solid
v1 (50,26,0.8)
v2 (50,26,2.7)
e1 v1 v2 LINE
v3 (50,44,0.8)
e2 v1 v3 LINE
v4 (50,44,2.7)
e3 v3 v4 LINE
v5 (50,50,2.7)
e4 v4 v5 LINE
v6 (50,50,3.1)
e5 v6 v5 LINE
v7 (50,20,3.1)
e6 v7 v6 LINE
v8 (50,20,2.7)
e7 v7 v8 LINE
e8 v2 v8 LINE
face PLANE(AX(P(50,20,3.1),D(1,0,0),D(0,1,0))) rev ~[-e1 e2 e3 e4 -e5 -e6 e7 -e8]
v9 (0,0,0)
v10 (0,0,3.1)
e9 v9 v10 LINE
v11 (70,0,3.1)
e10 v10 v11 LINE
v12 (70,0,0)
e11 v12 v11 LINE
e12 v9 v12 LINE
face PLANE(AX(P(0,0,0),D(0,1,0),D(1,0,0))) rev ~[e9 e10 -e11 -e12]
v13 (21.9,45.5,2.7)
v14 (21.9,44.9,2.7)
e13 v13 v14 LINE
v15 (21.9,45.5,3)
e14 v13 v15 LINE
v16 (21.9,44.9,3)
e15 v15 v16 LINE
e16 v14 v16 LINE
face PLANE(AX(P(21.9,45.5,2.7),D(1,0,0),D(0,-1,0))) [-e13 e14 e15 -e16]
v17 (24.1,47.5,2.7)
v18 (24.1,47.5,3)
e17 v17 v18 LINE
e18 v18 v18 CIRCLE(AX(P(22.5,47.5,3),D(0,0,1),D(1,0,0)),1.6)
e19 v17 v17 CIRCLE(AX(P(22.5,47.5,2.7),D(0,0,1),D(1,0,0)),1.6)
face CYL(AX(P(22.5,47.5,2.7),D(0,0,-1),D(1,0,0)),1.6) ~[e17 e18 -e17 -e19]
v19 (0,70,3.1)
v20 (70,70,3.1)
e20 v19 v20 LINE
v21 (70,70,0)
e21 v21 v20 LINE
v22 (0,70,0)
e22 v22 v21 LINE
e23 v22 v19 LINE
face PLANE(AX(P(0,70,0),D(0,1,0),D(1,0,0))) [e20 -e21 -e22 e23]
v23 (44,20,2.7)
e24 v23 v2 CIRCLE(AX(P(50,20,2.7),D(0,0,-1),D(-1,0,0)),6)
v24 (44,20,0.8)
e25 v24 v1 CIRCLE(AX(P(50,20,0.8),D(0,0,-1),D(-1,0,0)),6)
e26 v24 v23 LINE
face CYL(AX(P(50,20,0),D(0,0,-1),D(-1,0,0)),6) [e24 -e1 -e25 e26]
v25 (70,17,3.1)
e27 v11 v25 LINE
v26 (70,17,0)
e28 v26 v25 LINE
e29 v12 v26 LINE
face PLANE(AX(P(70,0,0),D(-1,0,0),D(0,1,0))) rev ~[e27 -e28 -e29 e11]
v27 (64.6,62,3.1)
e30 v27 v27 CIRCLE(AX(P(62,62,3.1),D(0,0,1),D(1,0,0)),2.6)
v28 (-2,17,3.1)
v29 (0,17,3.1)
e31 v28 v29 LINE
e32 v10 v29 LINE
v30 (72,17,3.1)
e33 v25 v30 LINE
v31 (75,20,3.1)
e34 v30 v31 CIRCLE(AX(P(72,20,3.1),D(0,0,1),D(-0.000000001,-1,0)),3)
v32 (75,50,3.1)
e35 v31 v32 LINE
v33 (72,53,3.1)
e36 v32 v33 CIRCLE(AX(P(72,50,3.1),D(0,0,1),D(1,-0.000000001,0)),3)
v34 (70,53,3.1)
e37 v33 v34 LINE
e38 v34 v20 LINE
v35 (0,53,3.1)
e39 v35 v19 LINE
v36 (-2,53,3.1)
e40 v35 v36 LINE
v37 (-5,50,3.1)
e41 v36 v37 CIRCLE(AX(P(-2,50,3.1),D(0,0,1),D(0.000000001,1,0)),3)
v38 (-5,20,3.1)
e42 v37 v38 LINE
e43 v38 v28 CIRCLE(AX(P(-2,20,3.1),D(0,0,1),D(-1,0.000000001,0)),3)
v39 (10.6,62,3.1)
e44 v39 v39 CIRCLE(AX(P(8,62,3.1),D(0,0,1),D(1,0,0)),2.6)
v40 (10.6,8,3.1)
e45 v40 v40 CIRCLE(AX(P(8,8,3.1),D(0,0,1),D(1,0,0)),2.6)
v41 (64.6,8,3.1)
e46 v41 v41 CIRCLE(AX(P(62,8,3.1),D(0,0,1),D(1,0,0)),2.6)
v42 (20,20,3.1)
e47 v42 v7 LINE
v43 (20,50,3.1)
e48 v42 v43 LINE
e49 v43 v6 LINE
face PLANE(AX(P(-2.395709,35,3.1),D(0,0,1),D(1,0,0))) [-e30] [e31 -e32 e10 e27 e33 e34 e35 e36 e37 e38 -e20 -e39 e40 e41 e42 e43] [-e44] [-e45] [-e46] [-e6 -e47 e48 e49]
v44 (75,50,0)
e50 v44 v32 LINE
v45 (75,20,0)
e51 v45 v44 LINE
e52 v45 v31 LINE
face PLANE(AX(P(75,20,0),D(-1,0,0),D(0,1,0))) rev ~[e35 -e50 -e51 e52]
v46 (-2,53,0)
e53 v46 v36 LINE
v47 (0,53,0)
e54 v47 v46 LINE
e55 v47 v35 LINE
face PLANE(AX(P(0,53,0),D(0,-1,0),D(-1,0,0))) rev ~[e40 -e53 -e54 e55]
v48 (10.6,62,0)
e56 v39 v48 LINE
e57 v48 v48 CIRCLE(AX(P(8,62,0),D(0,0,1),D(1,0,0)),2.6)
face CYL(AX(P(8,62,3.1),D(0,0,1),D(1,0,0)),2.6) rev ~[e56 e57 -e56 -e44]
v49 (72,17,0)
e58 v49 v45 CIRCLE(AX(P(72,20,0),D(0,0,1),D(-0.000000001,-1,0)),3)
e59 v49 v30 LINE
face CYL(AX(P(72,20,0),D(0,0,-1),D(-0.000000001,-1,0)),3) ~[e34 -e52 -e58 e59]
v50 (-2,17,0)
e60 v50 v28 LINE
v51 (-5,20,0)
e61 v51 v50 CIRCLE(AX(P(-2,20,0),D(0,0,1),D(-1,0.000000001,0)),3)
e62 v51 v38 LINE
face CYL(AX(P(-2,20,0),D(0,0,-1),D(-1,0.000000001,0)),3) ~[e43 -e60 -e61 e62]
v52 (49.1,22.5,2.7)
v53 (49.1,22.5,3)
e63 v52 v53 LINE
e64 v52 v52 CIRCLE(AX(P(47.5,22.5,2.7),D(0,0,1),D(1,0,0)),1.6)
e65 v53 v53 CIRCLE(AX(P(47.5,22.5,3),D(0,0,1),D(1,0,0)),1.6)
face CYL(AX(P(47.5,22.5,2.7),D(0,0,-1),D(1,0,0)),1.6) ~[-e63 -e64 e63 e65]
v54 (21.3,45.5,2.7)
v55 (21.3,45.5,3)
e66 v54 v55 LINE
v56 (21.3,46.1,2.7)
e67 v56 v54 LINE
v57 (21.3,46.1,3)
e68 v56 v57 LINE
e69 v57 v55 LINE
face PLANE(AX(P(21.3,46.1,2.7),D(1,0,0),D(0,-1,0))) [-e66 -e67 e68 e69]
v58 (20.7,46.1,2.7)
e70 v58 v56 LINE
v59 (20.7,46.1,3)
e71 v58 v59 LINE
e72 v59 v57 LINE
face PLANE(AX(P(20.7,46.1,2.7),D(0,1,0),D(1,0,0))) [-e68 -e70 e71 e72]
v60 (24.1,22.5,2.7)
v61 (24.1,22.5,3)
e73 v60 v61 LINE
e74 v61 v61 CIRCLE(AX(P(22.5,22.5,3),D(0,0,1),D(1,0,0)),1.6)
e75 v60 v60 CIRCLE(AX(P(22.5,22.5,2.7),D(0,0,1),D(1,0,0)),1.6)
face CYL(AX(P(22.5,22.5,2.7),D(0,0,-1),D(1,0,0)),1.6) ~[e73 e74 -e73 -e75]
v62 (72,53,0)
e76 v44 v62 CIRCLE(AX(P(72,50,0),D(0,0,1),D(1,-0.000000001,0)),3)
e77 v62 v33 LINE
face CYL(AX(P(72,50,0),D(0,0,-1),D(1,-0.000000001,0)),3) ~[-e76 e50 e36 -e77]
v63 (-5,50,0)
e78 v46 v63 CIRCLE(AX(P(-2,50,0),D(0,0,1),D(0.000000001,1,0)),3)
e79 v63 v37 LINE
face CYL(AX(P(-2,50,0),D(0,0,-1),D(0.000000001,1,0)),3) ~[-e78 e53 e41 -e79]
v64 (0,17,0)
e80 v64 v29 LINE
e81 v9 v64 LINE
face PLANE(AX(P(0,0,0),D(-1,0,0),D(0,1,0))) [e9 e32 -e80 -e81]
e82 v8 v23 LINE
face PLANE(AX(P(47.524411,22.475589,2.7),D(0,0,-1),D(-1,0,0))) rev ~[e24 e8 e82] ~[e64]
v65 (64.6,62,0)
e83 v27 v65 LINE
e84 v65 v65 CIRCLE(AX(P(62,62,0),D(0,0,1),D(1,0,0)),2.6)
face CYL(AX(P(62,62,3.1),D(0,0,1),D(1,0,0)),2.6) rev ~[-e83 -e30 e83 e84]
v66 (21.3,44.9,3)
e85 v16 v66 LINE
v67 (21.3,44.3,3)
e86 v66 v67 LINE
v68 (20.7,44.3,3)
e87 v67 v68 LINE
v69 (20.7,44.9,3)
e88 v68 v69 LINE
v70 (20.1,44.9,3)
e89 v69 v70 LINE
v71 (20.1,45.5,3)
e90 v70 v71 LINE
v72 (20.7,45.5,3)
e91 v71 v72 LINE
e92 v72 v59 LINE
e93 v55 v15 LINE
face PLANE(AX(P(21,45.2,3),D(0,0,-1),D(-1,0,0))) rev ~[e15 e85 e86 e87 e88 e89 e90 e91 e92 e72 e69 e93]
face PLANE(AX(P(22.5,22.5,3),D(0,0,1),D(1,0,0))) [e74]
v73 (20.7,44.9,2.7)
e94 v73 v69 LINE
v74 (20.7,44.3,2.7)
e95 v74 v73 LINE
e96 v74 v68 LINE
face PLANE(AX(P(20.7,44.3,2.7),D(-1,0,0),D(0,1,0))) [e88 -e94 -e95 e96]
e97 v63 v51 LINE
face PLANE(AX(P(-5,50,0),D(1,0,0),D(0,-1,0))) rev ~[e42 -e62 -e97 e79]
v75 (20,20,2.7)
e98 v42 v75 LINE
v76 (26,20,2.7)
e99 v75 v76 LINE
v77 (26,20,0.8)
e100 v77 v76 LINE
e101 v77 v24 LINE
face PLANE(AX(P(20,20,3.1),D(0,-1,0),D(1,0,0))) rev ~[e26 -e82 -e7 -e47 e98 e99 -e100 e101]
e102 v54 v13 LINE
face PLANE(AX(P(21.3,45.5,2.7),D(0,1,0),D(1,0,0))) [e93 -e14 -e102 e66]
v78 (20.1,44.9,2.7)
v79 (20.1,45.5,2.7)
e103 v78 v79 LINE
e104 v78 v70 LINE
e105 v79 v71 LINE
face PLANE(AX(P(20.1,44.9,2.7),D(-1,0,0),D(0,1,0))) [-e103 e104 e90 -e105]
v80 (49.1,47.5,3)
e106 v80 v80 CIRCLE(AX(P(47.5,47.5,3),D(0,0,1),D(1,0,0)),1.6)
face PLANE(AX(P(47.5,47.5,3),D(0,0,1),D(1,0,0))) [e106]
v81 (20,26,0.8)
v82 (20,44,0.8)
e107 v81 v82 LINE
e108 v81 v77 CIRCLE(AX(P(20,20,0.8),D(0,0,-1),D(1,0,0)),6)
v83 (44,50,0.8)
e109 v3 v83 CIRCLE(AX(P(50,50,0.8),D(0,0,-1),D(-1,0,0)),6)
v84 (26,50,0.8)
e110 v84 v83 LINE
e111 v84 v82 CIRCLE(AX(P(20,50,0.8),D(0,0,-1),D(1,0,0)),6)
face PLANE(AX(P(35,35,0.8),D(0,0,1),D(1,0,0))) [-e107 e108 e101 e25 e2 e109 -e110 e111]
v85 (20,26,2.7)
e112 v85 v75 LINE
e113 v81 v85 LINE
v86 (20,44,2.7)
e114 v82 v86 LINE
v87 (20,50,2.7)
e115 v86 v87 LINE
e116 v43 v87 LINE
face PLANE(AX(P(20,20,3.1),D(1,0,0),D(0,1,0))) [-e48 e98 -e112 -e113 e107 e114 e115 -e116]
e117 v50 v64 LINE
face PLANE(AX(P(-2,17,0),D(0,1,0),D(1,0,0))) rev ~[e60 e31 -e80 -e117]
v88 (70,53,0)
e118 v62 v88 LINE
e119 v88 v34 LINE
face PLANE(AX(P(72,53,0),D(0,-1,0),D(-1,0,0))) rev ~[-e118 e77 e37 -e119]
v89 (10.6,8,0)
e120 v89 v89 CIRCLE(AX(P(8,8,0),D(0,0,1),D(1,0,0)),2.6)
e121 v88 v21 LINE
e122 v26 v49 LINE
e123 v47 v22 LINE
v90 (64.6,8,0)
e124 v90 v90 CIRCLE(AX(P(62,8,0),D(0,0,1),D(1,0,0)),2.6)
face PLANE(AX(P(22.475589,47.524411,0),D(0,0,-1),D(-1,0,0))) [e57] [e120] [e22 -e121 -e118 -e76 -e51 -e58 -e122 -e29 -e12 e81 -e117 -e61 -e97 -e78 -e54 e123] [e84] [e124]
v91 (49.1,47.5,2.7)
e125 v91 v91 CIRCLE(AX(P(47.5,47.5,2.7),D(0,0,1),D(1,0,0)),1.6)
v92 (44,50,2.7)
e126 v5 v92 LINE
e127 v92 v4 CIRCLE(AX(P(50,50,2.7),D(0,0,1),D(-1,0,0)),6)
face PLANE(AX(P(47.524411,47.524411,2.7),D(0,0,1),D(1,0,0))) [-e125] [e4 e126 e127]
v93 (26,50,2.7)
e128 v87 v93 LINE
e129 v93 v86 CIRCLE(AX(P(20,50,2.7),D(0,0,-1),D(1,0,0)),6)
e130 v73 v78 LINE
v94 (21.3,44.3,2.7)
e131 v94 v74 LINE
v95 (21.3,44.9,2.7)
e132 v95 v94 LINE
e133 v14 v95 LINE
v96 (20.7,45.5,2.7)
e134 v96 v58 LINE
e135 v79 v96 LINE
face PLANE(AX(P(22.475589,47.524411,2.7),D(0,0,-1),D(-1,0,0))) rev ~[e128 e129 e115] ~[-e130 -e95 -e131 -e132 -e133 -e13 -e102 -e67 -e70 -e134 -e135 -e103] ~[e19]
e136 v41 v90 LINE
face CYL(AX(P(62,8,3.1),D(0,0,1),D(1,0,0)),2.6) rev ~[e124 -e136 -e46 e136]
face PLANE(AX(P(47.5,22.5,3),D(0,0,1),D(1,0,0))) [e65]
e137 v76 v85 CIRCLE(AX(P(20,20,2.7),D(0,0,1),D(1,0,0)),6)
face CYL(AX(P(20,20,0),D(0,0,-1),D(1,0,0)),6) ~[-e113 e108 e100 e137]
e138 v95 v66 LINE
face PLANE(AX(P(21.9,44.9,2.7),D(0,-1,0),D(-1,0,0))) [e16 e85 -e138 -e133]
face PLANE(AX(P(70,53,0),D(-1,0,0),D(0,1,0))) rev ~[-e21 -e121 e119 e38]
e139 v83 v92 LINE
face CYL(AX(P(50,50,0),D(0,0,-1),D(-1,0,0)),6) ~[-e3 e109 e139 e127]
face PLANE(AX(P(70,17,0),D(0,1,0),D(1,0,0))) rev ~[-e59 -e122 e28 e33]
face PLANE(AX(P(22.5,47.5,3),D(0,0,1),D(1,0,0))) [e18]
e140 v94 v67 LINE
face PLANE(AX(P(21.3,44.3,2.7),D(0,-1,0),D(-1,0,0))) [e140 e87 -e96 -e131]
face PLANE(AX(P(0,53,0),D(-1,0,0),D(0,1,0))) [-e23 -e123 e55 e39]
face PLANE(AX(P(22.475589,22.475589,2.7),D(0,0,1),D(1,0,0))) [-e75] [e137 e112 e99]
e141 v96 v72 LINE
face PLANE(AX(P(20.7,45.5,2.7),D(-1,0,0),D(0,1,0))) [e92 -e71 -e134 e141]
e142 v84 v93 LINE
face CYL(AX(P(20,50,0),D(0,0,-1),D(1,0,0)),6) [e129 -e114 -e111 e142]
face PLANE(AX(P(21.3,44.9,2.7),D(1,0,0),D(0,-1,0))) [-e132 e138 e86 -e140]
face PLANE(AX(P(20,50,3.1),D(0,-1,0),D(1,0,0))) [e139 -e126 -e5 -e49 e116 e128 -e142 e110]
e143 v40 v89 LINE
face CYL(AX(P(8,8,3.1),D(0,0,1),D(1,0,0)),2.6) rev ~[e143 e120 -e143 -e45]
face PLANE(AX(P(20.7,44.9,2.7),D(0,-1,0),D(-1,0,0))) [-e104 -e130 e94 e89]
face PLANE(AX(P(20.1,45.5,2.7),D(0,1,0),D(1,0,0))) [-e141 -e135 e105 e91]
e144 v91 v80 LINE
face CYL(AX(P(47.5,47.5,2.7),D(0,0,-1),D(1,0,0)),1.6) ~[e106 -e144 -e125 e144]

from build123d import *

# Parameters (mm, degrees)
SKETCH_1_W          = 70
SKETCH_1_H          = 70
EXTRUDE_1_DEPTH     = 3.1
SKETCH_2_W          = 30
SKETCH_2_H          = 30
CUT_EXTRUDE_1_DEPTH = 2.3
SKETCH_3_R          = 2.6
CUT_EXTRUDE_2_DEPTH = 4.1
EXTRUDE_2_DEPTH     = 2.7
SKETCH_6_R          = 1.6
EXTRUDE_3_DEPTH     = 0.3


with BuildPart() as part:
    # 草图1 → 凸台-拉伸1 (new body)
    with BuildSketch(Plane.XY):
        with BuildLine():
            Line((-2, 17), (0, 17))
            Line((0, 17), (0, 53))
            Line((0, 53), (-2, 53))
            ThreePointArc((-2, 53), (-4.121320344, 52.121320344), (-5, 50))
            Line((-5, 50), (-5, 20))
            ThreePointArc((-5, 20), (-4.121320344, 17.878679656), (-2, 17))
        make_face()
        with Locations((35, 35)):
            Rectangle(SKETCH_1_W, SKETCH_1_H)
        with BuildLine():
            Line((70, 53), (70, 17))
            Line((70, 17), (72, 17))
            ThreePointArc((72, 17), (74.121320344, 17.878679656), (75, 20))
            Line((75, 20), (75, 50))
            ThreePointArc((75, 50), (74.121320344, 52.121320344), (72, 53))
            Line((72, 53), (70, 53))
        make_face()
    extrude(amount=EXTRUDE_1_DEPTH)

    # 草图2 → 切除-拉伸1 (cut)
    with BuildSketch(Plane.XY.offset(3.1)):
        with Locations((35, 35)):
            Rectangle(SKETCH_2_W, SKETCH_2_H)
    extrude(amount=-CUT_EXTRUDE_1_DEPTH, mode=Mode.SUBTRACT)

    # 草图3 → 切除-拉伸2 (cut, through all)
    with BuildSketch(Plane.XY.offset(3.1)):
        with Locations((8, 62)):
            Circle(SKETCH_3_R)
        with Locations((62, 62)):
            Circle(SKETCH_3_R)
        with Locations((8, 8)):
            Circle(SKETCH_3_R)
        with Locations((62, 8)):
            Circle(SKETCH_3_R)
    extrude(amount=-CUT_EXTRUDE_2_DEPTH, mode=Mode.SUBTRACT)

    # 草图4 → 凸台-拉伸2 (add)
    with BuildSketch(Plane.XY):
        with BuildLine():
            Line((20, 44), (20, 50))
            Line((20, 50), (26, 50))
            ThreePointArc((26, 50), (24.242640687, 45.757359313), (20, 44))
        make_face()
        with BuildLine():
            Line((50, 44), (50, 50))
            Line((50, 50), (44, 50))
            ThreePointArc((44, 50), (45.757359313, 45.757359313), (50, 44))
        make_face()
        with BuildLine():
            Line((50, 20), (44, 20))
            ThreePointArc((44, 20), (45.757359313, 24.242640687), (50, 26))
            Line((50, 26), (50, 20))
        make_face()
        with BuildLine():
            Line((20, 26), (20, 20))
            Line((20, 20), (26, 20))
            ThreePointArc((26, 20), (24.242640687, 24.242640687), (20, 26))
        make_face()
    extrude(amount=EXTRUDE_2_DEPTH)

    # 草图6 → 凸台-拉伸3 (add)
    with BuildSketch(Plane.XY.offset(2.7)):
        with Locations((22.5, 47.5)):
            Circle(SKETCH_6_R)
        with Locations((47.5, 47.5)):
            Circle(SKETCH_6_R)
        with Locations((47.5, 22.5)):
            Circle(SKETCH_6_R)
        with Locations((22.5, 22.5)):
            Circle(SKETCH_6_R)
        Polygon((20.1, 45.5), (20.7, 45.5), (20.7, 46.1), (21.3, 46.1), (21.3, 45.5), (21.9, 45.5), (21.9, 44.9), (21.3, 44.9), (21.3, 44.3), (20.7, 44.3), (20.7, 44.9), (20.1, 44.9), align=None)
    extrude(amount=EXTRUDE_3_DEPTH)


solid = part.part
